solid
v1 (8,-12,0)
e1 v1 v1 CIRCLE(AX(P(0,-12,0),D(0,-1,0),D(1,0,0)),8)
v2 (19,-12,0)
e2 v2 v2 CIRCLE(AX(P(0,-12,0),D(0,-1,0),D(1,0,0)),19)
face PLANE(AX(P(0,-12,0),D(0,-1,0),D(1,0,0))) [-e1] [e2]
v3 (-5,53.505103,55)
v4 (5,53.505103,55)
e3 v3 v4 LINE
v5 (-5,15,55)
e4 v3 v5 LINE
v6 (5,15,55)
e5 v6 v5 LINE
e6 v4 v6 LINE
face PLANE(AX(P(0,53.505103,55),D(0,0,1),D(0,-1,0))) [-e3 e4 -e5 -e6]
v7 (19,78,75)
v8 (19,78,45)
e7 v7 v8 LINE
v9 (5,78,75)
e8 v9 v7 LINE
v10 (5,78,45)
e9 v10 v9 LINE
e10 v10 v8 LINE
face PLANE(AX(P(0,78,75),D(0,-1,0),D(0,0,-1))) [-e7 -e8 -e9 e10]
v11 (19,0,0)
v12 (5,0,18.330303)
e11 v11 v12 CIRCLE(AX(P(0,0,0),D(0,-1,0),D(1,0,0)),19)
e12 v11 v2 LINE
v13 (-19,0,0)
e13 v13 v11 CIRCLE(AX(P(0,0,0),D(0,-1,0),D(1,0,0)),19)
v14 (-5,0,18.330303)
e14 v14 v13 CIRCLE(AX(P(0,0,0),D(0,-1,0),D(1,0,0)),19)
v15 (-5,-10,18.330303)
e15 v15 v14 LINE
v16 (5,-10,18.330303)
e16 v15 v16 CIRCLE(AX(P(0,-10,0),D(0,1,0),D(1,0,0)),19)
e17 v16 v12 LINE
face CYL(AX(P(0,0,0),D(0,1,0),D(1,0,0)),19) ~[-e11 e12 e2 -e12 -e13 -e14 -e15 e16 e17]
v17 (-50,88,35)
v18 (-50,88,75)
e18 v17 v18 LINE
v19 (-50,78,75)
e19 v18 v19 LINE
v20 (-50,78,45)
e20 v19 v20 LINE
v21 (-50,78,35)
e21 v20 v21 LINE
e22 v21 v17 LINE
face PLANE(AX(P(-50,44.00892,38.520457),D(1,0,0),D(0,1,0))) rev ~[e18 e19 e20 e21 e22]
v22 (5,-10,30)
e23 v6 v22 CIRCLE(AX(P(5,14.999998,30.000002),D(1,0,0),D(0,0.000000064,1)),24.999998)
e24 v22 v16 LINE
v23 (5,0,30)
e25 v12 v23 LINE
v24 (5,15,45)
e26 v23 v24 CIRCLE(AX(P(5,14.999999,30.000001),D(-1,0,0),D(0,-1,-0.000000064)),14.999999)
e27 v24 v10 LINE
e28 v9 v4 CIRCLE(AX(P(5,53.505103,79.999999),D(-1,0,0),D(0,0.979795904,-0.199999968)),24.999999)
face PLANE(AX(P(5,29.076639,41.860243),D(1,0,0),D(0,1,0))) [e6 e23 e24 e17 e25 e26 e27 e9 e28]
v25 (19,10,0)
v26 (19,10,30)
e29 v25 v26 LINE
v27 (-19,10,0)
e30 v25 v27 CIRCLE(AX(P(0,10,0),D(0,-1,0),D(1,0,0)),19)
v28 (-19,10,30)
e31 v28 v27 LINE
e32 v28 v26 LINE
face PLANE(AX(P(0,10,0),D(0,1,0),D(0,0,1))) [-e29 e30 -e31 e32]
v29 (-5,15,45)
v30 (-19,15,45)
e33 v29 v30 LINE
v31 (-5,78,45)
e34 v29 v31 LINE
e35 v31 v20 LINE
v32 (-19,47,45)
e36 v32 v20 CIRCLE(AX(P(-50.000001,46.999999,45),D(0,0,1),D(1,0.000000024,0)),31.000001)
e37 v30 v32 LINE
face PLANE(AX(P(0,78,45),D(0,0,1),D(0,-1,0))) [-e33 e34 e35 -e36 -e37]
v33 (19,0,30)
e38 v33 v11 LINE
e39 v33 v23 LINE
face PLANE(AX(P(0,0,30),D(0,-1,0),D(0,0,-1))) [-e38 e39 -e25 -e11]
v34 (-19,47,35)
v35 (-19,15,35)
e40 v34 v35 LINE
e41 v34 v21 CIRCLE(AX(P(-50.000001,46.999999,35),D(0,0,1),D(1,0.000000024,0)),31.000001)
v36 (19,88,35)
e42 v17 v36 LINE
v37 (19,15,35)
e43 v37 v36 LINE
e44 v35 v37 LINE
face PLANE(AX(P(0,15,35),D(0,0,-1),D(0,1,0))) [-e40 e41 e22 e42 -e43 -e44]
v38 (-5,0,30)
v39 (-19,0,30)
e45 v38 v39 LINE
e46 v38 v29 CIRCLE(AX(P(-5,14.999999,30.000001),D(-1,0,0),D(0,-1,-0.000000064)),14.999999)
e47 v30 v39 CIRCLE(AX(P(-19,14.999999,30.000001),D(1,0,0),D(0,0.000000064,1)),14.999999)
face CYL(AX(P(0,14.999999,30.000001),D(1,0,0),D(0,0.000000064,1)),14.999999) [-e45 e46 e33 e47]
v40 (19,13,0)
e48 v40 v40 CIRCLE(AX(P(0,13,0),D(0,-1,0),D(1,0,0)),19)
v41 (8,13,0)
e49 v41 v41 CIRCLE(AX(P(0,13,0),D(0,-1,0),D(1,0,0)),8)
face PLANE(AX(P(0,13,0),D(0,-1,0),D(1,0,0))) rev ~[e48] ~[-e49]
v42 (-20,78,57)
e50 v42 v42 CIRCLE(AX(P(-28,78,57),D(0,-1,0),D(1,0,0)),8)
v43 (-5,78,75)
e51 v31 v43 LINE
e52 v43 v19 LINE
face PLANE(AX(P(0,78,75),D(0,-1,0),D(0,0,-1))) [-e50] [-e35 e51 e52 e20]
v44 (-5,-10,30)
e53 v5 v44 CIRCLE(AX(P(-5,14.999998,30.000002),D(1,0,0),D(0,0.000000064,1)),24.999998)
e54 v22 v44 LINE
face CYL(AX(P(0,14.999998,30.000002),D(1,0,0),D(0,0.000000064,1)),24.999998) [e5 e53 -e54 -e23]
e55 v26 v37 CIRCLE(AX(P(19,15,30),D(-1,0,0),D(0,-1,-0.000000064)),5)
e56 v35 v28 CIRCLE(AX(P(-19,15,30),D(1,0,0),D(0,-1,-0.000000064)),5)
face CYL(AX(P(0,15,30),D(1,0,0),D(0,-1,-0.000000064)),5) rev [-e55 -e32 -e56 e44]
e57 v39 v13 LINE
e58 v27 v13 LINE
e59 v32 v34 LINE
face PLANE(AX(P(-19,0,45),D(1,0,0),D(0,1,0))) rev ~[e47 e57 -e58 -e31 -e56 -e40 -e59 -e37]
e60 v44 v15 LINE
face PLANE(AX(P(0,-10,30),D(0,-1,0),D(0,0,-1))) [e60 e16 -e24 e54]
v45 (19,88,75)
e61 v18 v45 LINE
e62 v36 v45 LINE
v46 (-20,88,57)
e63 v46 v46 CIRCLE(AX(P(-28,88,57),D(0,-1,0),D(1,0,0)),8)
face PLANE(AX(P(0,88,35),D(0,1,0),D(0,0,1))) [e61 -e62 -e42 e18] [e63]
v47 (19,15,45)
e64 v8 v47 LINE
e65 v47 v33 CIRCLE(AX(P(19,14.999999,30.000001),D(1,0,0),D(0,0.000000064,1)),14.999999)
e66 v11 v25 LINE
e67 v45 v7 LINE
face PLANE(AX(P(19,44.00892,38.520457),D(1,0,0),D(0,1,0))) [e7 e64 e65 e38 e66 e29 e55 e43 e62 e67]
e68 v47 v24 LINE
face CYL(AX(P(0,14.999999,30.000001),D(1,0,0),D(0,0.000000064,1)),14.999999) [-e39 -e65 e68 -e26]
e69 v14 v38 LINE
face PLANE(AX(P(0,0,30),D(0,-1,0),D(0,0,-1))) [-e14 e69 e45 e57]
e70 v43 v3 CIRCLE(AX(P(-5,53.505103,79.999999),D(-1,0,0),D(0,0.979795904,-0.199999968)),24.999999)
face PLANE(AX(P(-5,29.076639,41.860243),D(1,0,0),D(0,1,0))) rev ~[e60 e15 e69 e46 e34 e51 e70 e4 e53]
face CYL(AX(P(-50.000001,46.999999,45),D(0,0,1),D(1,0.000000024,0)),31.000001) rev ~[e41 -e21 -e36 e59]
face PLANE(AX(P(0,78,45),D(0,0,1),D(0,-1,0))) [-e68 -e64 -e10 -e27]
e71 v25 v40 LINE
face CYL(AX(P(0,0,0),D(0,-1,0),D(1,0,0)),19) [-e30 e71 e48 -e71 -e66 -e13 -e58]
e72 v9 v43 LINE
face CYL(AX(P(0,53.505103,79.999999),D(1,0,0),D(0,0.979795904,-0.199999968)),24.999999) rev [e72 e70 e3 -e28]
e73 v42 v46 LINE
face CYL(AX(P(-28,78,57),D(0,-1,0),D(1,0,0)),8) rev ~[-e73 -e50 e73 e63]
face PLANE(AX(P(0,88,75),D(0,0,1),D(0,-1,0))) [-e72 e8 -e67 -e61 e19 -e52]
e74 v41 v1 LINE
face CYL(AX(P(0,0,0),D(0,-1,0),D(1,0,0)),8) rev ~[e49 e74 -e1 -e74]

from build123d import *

# Parameters (mm, degrees)
F1_DEPTH  = 19
F2_DEPTH  = 5
F3_DEPTH  = 50
F5_DEPTH  = 45.001
F6_R      = 19
F6_R_2    = 8
F7_DEPTH  = 12
F8_DEPTH  = 13
F9_DEPTH  = 50
F10_R     = 8
F11_DEPTH = 10.001


with BuildPart() as f1:
    # F0 (on Right) → F1 (new body, symmetric)
    with BuildSketch(Plane.YZ):
        with BuildLine():
            Line((0, 0), (10, 0))
            Line((10, 0), (10, 30))
            ThreePointArc((10, 30), (11.464466, 33.535534), (15, 35))
            Line((15, 35), (88, 35))
            Line((88, 35), (88, 75))
            Line((88, 75), (78, 75))
            Line((78, 75), (78, 45))
            Line((78, 45), (15, 45))
            ThreePointArc((15, 45), (4.393398, 40.606602), (0, 30))
            Line((0, 30), (0, 0))
        make_face()
    extrude(amount=F1_DEPTH, both=True)

    # F0 (on Right) → F2 (join, symmetric)
    with BuildSketch(Plane.YZ):
        with BuildLine():
            Line((-10, 0), (0, 0))
            Line((0, 0), (0, 30))
            ThreePointArc((0, 30), (4.393398, 40.606602), (15, 45))
            Line((15, 45), (78, 45))
            Line((78, 45), (78, 75))
            ThreePointArc((78, 75), (69.316491, 60.635083), (53.505103, 55))
            Line((53.505103, 55), (15, 55))
            ThreePointArc((15, 55), (-2.67767, 47.67767), (-10, 30))
            Line((-10, 30), (-10, 0))
        make_face()
    extrude(amount=F2_DEPTH, both=True)

    # F0 (on Right) → F3 (join)
    with BuildSketch(Plane.YZ):
        with BuildLine():
            Line((0, 0), (10, 0))
            Line((10, 0), (10, 30))
            ThreePointArc((10, 30), (11.464466, 33.535534), (15, 35))
            Line((15, 35), (88, 35))
            Line((88, 35), (88, 75))
            Line((88, 75), (78, 75))
            Line((78, 75), (78, 45))
            Line((78, 45), (15, 45))
            ThreePointArc((15, 45), (4.393398, 40.606602), (0, 30))
            Line((0, 30), (0, 0))
        make_face()
    extrude(amount=-F3_DEPTH)

    # F4 (on face) → F5 (cut, through all)
    with BuildSketch(Plane.XY.offset(45)):
        with BuildLine():
            ThreePointArc((-19, 47), (-28.07969, 68.92031), (-50, 78))
            Line((-50, 78), (-50, 0))
            Line((-50, 0), (-19, 0))
            Line((-19, 0), (-19, 15))
            Line((-19, 15), (-19, 47))
        make_face()
    extrude(amount=-F5_DEPTH, mode=Mode.SUBTRACT)

    # F6 (on Front) → F7 (join)
    with BuildSketch(Plane.XZ):
        Circle(F6_R)
        Circle(F6_R_2, mode=Mode.SUBTRACT)
        Circle(F6_R_2)
    extrude(amount=F7_DEPTH)

    # F6 (on Front) → F8 (join)
    with BuildSketch(Plane.XZ):
        Circle(F6_R)
        Circle(F6_R_2, mode=Mode.SUBTRACT)
        Circle(F6_R_2)
    extrude(amount=-F8_DEPTH)

    # F6 (on Front) → F9 (cut, symmetric)
    with BuildSketch(Plane.XZ):
        Circle(F6_R_2)
    extrude(amount=F9_DEPTH, both=True, mode=Mode.SUBTRACT)

    # F10 (on face) → F11 (cut, through all)
    with BuildSketch(Plane.XZ.offset(-78)):
        with Locations((-28, 57)):
            Circle(F10_R)
    extrude(amount=-F11_DEPTH, mode=Mode.SUBTRACT)


solid = f1.part
